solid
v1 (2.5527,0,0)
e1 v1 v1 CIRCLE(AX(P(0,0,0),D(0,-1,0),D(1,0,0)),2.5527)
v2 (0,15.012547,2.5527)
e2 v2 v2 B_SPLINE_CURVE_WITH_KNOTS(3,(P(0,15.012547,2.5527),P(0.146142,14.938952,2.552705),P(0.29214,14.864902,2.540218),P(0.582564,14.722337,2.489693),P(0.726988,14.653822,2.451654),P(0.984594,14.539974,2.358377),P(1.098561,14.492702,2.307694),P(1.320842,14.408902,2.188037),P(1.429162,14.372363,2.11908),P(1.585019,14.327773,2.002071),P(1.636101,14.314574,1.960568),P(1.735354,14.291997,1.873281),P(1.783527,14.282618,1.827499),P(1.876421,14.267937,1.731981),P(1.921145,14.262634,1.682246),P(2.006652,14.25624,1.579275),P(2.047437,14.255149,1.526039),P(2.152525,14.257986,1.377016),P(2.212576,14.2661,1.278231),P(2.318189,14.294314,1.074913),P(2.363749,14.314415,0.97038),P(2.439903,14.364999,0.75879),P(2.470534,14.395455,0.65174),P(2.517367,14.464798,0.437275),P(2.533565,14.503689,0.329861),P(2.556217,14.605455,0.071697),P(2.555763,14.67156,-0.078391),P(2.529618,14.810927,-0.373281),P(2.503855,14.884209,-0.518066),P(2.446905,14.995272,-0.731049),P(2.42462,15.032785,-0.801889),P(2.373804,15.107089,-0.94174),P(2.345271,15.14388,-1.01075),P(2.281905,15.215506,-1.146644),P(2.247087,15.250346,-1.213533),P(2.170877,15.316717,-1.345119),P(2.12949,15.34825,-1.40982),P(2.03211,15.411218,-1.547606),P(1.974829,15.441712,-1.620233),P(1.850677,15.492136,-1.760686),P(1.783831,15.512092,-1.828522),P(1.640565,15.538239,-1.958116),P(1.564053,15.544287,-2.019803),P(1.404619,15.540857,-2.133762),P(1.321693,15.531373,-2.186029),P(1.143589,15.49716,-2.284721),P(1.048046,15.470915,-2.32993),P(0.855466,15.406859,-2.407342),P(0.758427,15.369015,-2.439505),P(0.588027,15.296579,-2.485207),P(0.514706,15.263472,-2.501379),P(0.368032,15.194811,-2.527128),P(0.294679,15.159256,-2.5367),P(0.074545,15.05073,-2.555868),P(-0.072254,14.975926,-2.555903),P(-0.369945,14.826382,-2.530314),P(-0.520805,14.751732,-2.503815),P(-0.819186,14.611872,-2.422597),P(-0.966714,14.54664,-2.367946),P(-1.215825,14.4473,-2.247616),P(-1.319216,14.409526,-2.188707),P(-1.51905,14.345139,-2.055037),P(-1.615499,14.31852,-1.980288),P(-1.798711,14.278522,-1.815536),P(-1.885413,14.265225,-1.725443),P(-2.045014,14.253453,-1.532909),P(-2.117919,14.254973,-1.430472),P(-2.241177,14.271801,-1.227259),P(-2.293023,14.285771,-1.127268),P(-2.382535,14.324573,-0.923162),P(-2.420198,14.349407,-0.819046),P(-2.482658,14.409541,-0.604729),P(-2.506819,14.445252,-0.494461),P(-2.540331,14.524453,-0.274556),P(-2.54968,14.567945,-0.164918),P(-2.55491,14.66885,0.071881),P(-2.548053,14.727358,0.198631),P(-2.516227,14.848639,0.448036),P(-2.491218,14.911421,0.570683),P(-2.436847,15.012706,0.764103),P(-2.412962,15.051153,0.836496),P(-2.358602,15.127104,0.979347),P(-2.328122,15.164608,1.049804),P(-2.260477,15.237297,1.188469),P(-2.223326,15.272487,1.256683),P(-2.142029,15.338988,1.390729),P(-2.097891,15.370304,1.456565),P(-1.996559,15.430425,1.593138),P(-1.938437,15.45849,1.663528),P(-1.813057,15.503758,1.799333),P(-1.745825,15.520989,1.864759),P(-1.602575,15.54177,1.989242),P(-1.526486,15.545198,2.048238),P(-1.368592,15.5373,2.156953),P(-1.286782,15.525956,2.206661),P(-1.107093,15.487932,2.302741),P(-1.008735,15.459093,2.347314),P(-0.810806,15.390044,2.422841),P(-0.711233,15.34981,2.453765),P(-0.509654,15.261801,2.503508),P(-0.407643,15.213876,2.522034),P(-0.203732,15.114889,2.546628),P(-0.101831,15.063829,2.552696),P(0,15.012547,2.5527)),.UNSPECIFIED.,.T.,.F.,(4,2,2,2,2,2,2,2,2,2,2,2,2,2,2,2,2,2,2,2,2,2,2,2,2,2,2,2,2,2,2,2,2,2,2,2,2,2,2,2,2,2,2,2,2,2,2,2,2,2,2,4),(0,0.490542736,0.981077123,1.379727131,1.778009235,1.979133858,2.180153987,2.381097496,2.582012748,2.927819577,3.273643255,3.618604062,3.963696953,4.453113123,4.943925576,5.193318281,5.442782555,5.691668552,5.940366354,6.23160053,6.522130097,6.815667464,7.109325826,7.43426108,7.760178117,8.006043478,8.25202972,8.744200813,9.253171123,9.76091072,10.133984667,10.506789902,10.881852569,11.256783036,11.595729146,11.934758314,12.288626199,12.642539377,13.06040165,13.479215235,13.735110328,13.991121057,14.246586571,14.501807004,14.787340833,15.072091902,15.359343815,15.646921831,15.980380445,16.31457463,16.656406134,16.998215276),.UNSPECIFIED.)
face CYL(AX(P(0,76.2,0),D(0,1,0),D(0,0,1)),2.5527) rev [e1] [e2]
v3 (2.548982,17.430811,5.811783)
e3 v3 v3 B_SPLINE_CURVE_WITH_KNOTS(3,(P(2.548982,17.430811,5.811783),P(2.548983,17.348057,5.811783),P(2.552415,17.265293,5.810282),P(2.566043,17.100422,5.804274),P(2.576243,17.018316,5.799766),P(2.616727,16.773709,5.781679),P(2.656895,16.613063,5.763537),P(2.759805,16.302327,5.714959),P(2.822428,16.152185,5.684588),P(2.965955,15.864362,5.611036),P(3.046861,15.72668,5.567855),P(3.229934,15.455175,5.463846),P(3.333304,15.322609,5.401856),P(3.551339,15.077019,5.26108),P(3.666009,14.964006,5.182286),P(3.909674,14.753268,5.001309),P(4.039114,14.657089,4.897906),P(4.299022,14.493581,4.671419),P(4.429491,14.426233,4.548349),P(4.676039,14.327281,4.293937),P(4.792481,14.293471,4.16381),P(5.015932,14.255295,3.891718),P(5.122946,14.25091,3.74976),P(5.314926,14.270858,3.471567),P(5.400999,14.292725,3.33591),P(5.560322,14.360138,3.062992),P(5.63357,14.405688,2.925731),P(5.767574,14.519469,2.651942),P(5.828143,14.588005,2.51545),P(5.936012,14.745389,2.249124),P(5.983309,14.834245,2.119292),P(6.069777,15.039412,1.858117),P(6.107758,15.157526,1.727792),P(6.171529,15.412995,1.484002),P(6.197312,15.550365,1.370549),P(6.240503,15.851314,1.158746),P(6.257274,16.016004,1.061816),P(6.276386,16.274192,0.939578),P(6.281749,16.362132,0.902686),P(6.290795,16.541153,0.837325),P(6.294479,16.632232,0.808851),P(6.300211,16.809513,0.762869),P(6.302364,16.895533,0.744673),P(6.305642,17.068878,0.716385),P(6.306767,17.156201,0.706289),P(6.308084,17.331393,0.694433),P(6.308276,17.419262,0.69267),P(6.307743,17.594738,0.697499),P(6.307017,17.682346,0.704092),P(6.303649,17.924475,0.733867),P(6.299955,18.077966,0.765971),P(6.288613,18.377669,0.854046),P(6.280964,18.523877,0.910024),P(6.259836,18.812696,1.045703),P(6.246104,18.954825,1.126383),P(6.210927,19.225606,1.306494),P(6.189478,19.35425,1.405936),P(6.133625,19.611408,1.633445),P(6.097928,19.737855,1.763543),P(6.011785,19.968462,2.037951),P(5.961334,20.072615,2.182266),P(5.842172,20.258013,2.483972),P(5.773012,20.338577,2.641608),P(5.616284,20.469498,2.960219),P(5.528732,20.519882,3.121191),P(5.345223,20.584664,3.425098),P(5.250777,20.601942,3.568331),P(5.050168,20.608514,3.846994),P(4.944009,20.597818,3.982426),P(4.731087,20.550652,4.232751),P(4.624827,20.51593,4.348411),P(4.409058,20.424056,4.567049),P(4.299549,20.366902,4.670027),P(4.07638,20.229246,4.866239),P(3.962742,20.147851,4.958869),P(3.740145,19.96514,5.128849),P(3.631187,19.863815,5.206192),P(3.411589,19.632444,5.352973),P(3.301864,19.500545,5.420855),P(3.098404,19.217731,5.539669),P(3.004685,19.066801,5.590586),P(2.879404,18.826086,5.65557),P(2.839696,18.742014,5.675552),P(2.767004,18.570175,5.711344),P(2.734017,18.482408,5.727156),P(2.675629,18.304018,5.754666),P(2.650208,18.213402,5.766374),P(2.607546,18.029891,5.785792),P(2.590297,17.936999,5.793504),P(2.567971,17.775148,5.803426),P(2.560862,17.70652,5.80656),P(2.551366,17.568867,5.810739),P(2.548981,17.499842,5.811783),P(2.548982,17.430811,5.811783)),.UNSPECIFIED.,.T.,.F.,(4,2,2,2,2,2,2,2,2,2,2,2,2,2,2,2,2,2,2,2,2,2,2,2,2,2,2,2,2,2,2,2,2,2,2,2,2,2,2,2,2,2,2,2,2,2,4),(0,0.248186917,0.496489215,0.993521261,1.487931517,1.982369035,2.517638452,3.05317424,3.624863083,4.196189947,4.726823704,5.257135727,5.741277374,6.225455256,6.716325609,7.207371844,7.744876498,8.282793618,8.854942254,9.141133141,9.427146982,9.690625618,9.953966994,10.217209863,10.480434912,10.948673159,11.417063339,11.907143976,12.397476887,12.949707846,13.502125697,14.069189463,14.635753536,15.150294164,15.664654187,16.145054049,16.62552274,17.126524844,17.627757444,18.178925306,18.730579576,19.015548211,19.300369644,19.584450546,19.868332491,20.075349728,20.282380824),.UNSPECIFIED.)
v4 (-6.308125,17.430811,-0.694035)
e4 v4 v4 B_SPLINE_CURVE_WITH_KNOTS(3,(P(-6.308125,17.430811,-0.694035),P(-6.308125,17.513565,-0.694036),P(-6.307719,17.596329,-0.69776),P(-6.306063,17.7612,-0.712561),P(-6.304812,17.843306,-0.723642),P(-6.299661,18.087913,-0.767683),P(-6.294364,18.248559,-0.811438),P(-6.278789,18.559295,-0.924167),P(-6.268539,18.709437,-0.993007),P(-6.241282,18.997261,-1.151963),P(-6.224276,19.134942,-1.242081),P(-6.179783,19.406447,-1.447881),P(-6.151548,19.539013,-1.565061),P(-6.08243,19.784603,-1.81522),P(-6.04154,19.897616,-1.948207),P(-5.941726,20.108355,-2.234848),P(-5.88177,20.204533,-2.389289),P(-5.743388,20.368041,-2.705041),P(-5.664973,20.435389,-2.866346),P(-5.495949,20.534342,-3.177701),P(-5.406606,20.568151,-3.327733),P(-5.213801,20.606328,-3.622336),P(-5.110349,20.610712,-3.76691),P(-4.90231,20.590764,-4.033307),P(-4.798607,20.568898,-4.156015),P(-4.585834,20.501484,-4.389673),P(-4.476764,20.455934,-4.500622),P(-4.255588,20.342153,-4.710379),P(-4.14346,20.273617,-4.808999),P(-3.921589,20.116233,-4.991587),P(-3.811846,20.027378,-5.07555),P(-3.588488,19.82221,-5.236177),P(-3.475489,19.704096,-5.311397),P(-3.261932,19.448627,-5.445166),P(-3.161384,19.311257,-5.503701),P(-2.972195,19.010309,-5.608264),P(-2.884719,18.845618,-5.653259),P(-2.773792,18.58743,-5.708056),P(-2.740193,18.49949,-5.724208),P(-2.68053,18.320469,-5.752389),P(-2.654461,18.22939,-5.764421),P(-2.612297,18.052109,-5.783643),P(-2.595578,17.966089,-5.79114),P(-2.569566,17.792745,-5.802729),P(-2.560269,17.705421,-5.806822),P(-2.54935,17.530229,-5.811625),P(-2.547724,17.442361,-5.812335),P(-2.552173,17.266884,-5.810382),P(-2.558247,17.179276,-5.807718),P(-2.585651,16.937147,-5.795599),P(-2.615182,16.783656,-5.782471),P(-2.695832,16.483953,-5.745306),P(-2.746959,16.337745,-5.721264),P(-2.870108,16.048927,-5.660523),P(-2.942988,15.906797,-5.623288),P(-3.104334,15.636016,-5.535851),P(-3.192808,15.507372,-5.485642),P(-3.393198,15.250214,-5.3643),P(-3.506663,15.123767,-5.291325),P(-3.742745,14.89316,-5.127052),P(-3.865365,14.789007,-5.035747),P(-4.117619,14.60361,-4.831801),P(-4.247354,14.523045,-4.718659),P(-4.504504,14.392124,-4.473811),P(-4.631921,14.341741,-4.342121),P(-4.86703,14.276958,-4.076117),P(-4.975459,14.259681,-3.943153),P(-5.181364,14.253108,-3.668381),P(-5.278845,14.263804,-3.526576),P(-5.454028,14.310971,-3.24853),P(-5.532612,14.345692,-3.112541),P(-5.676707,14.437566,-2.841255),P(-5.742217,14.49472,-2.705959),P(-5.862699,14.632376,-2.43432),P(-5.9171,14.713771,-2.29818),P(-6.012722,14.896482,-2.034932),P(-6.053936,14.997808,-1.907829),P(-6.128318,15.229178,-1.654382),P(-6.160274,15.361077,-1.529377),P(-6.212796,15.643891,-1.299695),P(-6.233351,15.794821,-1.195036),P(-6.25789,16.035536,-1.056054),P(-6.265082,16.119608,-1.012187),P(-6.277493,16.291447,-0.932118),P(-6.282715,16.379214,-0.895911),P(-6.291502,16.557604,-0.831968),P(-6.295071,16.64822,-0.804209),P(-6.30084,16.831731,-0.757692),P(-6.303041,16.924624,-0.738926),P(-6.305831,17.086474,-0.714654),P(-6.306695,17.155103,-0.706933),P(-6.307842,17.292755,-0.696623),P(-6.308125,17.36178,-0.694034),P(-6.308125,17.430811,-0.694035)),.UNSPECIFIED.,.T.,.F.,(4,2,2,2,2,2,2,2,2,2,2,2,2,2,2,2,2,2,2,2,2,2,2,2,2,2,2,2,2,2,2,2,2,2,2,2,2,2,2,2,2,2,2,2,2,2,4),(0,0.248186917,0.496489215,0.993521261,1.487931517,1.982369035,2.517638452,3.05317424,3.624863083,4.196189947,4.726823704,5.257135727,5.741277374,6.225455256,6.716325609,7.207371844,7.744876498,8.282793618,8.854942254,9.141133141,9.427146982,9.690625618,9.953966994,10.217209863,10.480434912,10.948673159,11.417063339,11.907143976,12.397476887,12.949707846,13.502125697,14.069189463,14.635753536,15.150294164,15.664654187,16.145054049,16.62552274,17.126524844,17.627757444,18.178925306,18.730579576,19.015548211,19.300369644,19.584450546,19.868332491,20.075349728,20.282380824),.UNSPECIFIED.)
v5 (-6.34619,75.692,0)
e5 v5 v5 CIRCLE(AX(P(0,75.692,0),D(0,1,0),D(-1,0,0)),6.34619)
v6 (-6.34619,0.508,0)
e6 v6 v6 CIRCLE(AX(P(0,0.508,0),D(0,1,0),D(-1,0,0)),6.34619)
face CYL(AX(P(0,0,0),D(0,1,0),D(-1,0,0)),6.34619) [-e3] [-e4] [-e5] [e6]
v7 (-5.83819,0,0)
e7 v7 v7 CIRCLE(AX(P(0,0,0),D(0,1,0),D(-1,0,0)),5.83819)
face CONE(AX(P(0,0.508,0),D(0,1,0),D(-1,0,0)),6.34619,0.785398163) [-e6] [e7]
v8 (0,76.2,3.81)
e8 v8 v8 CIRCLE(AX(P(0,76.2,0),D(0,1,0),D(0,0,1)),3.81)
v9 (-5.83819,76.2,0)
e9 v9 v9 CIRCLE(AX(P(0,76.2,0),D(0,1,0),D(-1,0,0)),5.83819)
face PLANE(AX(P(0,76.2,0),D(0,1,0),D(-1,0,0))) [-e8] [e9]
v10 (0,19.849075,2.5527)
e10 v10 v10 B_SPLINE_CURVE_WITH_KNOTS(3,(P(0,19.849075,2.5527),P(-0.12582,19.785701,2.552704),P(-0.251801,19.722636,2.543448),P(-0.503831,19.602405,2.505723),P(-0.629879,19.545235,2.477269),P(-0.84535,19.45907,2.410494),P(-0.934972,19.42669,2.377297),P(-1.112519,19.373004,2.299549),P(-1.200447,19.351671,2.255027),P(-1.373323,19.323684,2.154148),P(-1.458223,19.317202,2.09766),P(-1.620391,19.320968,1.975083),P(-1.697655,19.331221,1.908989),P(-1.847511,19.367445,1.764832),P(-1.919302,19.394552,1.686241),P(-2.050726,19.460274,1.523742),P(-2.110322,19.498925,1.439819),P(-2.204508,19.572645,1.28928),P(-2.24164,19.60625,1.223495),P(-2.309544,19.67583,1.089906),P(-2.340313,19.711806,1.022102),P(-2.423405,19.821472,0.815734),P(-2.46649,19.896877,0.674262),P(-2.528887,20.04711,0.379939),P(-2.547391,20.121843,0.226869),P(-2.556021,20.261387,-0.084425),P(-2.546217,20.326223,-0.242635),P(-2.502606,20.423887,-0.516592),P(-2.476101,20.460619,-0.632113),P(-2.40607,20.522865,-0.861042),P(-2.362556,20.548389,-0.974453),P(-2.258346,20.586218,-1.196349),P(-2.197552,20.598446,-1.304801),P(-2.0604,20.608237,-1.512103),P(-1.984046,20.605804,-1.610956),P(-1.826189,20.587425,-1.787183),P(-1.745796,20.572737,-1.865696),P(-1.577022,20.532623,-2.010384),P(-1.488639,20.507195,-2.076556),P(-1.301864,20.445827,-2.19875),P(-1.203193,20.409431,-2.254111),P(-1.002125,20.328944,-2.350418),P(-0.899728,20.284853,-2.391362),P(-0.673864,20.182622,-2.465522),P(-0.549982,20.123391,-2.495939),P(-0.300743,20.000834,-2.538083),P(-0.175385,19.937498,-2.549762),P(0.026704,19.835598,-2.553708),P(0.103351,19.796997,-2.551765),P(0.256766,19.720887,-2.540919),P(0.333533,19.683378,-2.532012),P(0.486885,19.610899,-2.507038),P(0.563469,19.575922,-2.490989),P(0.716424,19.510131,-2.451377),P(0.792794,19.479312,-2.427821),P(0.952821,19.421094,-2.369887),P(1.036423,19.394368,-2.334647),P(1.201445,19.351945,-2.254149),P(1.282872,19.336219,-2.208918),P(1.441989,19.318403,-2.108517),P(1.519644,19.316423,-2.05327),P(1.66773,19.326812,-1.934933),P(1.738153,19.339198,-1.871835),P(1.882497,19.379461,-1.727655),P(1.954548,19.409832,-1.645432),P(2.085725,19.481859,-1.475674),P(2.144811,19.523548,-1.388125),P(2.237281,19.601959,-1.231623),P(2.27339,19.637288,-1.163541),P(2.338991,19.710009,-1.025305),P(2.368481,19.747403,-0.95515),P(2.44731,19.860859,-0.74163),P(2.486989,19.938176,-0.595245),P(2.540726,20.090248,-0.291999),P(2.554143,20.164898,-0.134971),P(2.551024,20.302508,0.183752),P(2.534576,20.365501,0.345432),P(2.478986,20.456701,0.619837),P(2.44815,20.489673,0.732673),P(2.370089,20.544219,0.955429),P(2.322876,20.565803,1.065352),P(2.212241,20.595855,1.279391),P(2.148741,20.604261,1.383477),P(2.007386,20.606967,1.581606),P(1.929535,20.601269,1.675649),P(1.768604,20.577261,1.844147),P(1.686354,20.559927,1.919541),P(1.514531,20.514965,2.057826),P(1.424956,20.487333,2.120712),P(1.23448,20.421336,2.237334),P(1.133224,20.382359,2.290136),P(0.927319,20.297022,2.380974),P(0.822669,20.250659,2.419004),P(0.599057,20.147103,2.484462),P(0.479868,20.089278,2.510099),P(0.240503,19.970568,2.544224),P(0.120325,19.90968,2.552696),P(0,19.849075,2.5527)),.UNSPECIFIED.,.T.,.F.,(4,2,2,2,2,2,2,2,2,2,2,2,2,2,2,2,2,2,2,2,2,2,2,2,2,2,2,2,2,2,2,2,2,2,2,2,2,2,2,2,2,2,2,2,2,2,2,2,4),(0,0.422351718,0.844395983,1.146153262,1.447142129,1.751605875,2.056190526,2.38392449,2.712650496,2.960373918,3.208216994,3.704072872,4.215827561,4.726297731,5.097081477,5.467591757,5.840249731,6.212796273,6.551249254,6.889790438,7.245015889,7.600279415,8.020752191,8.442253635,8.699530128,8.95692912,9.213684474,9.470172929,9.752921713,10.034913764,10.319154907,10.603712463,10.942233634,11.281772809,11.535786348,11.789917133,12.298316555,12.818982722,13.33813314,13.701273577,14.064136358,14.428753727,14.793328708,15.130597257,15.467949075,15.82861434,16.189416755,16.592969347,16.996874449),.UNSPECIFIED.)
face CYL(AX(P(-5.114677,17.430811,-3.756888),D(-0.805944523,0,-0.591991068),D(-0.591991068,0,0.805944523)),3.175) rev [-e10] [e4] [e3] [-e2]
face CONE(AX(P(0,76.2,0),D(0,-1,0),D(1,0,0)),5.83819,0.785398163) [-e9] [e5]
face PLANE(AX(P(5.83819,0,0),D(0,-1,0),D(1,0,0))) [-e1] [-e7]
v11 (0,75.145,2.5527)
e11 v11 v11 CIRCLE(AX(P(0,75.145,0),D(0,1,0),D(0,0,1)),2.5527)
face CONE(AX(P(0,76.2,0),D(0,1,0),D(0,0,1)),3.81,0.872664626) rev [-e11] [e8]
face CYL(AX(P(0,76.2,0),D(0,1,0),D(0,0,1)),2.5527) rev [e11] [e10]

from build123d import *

# Parameters (mm, degrees)
F_1_4_20_TAPPED_HOLE1_D           = 5.1054
F_1_4_20_TAPPED_HOLE1_DEPTH       = 76.2
F_1_4_20_TAPPED_HOLE1_CSINK_D     = 7.62
F_1_4_20_TAPPED_HOLE1_CSINK_ANGLE = 100
F_1_4_0_25_DIAMETER_HOLE1_D       = 6.35


with BuildPart() as part:
    # Sketch1 → Revolve1 (revolve)
    with BuildSketch(Plane(origin=(0, 0, 0), x_dir=(-1, 0, 0), z_dir=(0, 0, -1))):
        Polygon((-5.83819, 0), (0, 0), (0, 76.2), (-5.83819, 76.2), (-6.34619, 75.692), (-6.34619, 0.508), align=None)
    revolve(axis=Axis((0, 0, 0), (0, 1, 0)))

    # 1/4-20 Tapped Hole1
    with Locations(Plane(origin=(0, 76.2, 0), x_dir=(1, 0, 0), z_dir=(0, 1, 0))):
        with Locations((0, 0)):
            CounterSinkHole(F_1_4_20_TAPPED_HOLE1_D / 2, F_1_4_20_TAPPED_HOLE1_CSINK_D / 2, depth=F_1_4_20_TAPPED_HOLE1_DEPTH, counter_sink_angle=F_1_4_20_TAPPED_HOLE1_CSINK_ANGLE)

    # 1/4 (0.25) Diameter Hole1 (through all)
    with Locations(Plane(origin=(-5.114677075, 17.430811078, -3.756887799), x_dir=(0.591991068, 0, -0.805944523), z_dir=(-0.805944523, 0, -0.591991068))):
        with Locations((0, 0)):
            Hole(F_1_4_0_25_DIAMETER_HOLE1_D / 2)


solid = part.part
